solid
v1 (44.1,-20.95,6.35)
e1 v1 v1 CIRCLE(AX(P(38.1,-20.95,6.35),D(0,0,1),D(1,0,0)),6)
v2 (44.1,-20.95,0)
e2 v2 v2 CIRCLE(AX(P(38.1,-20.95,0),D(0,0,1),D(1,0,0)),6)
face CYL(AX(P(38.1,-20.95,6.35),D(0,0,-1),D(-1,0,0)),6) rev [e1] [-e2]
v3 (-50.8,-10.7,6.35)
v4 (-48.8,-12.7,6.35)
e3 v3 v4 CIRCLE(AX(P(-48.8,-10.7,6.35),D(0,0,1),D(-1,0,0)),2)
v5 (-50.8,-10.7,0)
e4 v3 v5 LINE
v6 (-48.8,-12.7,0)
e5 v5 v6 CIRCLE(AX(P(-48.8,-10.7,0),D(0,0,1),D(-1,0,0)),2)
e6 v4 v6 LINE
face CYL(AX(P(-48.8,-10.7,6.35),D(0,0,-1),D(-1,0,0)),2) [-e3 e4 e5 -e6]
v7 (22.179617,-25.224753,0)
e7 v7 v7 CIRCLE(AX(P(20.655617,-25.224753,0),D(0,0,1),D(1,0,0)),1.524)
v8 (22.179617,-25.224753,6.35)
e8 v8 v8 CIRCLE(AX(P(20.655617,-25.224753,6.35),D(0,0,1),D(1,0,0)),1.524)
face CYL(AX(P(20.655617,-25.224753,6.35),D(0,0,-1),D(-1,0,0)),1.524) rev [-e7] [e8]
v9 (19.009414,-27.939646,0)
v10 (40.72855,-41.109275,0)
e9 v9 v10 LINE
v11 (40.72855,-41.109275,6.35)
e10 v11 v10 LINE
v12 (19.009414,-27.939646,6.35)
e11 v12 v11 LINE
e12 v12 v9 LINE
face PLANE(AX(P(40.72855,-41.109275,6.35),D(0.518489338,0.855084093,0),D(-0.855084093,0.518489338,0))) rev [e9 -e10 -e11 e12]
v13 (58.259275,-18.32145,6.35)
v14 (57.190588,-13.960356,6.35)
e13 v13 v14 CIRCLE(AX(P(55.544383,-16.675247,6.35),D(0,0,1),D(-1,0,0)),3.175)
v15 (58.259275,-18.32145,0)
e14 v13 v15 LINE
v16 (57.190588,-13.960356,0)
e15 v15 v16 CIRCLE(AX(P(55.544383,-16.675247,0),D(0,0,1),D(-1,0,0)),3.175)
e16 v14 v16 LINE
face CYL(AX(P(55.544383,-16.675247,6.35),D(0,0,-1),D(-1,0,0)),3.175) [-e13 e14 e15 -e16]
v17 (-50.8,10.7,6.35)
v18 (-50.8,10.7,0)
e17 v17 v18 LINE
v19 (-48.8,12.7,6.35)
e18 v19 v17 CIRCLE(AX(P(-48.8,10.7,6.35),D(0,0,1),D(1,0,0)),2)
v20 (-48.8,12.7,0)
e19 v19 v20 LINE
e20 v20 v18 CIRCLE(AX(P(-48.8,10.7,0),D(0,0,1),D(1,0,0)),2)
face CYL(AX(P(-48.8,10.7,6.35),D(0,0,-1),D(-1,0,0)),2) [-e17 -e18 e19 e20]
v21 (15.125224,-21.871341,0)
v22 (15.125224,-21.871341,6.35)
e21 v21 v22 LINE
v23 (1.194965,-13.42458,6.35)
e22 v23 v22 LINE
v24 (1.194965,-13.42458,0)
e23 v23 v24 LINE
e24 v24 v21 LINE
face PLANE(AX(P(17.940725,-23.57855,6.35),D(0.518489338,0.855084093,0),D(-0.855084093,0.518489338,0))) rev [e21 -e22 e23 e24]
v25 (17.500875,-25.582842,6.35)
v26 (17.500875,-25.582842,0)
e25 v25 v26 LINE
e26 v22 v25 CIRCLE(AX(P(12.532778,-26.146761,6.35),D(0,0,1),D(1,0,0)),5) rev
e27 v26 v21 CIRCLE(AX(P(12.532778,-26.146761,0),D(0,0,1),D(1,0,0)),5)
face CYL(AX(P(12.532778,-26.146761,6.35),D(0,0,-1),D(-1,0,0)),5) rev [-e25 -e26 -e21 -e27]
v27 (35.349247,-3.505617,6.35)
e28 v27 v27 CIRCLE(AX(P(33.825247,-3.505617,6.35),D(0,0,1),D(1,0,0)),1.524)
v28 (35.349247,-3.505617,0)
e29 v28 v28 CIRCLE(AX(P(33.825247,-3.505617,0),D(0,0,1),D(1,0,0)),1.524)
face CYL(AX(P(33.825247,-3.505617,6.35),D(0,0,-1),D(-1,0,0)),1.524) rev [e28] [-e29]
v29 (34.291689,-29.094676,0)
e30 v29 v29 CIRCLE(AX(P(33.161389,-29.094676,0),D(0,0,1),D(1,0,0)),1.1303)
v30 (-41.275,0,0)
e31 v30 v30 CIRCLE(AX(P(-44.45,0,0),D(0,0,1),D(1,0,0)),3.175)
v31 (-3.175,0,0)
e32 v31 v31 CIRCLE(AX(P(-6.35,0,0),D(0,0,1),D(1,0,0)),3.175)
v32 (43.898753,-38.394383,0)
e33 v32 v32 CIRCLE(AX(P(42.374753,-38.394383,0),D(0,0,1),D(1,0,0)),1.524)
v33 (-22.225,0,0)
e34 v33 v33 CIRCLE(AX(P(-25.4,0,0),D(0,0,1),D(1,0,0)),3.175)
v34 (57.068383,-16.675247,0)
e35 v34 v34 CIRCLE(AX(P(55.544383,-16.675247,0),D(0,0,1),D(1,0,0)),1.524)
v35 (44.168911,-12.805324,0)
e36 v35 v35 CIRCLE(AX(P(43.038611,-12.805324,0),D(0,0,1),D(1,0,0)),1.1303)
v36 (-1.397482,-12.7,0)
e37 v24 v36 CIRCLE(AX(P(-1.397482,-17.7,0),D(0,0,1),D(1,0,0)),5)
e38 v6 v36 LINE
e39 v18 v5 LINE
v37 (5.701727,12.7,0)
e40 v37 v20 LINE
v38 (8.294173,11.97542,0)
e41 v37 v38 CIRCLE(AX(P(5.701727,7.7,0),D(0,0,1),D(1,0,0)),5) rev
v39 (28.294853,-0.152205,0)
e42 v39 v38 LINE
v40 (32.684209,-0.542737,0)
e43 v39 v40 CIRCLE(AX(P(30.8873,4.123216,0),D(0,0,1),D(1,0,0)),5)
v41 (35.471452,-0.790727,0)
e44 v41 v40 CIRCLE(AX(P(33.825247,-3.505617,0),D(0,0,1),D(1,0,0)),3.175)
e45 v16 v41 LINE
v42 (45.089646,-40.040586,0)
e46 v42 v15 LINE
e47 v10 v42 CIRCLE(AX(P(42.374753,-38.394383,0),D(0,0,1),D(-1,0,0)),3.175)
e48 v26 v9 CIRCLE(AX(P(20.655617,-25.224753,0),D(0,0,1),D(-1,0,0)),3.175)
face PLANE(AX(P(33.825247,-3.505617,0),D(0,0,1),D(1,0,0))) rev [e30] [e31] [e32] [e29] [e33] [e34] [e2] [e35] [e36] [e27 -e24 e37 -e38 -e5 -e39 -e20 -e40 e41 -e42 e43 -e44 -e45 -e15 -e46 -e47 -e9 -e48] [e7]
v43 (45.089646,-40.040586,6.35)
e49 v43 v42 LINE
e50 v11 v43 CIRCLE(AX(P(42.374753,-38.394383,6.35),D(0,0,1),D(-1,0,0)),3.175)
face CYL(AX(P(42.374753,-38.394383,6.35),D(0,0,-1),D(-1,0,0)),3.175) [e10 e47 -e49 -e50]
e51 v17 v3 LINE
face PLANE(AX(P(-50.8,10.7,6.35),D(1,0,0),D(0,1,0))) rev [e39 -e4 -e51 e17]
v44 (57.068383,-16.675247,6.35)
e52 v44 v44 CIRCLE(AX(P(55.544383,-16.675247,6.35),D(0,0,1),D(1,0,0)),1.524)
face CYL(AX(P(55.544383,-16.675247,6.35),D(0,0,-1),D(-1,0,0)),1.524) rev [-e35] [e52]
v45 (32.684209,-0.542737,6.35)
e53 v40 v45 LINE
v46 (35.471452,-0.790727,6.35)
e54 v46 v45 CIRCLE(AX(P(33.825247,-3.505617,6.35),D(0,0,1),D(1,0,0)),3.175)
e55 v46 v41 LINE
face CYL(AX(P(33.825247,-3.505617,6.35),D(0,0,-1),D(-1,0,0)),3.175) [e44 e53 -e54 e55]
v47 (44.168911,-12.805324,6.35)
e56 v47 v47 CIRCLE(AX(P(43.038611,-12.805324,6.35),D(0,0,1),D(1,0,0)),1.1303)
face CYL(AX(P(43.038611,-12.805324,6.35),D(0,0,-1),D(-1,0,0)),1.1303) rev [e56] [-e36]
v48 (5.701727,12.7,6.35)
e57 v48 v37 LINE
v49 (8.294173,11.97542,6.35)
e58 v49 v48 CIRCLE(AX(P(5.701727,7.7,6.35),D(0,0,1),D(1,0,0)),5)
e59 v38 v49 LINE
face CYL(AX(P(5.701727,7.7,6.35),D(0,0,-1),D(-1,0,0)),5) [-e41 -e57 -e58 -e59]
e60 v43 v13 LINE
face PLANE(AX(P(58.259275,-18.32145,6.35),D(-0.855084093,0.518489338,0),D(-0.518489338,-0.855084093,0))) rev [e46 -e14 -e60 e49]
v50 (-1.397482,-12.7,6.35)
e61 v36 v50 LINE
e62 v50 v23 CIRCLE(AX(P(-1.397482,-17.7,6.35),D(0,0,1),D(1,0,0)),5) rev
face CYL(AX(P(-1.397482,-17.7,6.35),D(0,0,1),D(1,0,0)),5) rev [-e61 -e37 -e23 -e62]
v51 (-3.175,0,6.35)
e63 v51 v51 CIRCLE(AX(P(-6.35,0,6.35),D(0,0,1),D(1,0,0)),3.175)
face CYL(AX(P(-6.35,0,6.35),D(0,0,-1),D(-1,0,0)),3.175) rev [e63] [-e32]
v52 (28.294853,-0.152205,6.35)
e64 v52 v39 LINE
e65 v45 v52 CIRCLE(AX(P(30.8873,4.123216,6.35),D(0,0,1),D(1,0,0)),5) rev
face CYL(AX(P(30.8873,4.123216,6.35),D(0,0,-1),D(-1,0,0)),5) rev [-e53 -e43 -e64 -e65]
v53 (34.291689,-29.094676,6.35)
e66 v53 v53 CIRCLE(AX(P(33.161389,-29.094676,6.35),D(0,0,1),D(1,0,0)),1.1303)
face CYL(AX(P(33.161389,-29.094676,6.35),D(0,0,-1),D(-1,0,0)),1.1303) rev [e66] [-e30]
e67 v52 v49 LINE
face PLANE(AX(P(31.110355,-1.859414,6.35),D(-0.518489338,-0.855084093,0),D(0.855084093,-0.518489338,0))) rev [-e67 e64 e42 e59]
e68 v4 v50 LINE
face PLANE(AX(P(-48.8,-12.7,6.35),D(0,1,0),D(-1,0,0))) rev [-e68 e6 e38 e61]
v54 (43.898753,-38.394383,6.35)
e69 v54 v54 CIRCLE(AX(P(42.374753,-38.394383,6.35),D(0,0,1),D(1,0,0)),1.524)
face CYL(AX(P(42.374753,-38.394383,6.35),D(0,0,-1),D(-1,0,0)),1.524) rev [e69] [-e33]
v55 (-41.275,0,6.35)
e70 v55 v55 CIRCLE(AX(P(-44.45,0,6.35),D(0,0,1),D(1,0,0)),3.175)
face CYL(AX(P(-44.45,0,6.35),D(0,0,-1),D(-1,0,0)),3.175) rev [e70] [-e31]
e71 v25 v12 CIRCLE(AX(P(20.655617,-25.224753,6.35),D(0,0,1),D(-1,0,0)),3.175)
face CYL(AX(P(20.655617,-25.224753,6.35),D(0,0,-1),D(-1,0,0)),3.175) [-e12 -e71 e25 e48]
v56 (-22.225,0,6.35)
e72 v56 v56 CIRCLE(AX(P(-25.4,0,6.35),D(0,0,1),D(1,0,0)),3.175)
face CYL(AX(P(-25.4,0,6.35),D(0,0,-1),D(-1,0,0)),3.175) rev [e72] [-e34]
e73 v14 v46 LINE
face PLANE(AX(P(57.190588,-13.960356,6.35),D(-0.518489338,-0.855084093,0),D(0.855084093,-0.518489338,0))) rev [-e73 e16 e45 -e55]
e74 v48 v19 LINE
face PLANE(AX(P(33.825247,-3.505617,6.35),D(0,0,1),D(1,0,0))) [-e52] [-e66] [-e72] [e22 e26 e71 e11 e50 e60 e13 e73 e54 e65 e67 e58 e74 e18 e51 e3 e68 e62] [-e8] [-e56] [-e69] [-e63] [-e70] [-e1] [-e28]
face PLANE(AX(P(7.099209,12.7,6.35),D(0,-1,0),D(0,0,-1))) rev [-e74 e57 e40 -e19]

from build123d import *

# Parameters (mm, degrees)
SKETCH1_R           = 6
SKETCH1_R_2         = 1.1303
SKETCH1_R_3         = 3.175
SKETCH1_R_4         = 1.524
BOSS_EXTRUDE1_DEPTH = 6.35
FILLET1_R           = 5


with BuildPart() as part:
    # Sketch1 → Boss-Extrude1 (new body)
    with BuildSketch(Plane.XY):
        with BuildLine():
            Line((-50.8, 10.7), (-50.8, -10.7))
            ThreePointArc((-50.8, -10.7), (-50.214213562, -12.114213562), (-48.8, -12.7))
            Line((-48.8, -12.7), (0, -12.7))
            Line((0, -12.7), (17.940725429, -23.578549747))
            ThreePointArc((17.940725429, -23.578549747), (17.571857186, -25.980430432), (19.009414234, -27.939645668))
            Line((19.009414234, -27.939645668), (40.728550204, -41.109274848))
            ThreePointArc((40.728550204, -41.109274848), (43.130430599, -41.478142773), (45.089645569, -40.040585929))
            Line((45.089645569, -40.040585929), (58.259274749, -18.321449959))
            ThreePointArc((58.259274749, -18.321449959), (58.628143126, -15.91957084), (57.1905883, -13.960355869))
            Line((57.1905883, -13.960355869), (35.47145233, -0.790726689))
            ThreePointArc((35.47145233, -0.790726689), (33.069571007, -0.421856833), (31.110354609, -1.859413778))
            Line((31.110354609, -1.859413778), (7.099208724, 12.7))
            Line((7.099208724, 12.7), (-48.8, 12.7))
            ThreePointArc((-48.8, 12.7), (-50.214213562, 12.114213562), (-50.8, 10.7))
        make_face()
        with Locations((38.1, -20.95)):
            Circle(SKETCH1_R, mode=Mode.SUBTRACT)
        with Locations((43.038610942, -12.805324011)):
            Circle(SKETCH1_R_2, mode=Mode.SUBTRACT)
        with Locations((33.161389058, -29.094675989)):
            Circle(SKETCH1_R_2, mode=Mode.SUBTRACT)
        with Locations((-6.35, 0)):
            Circle(SKETCH1_R_3, mode=Mode.SUBTRACT)
        with Locations((-25.4, 0)):
            Circle(SKETCH1_R_3, mode=Mode.SUBTRACT)
        with Locations((-44.45, 0)):
            Circle(SKETCH1_R_3, mode=Mode.SUBTRACT)
        with Locations((33.825246605, -3.505617425)):
            Circle(SKETCH1_R_4, mode=Mode.SUBTRACT)
        with Locations((20.655617425, -25.224753395)):
            Circle(SKETCH1_R_4, mode=Mode.SUBTRACT)
        with Locations((42.374753395, -38.394382575)):
            Circle(SKETCH1_R_4, mode=Mode.SUBTRACT)
        with Locations((55.544382575, -16.675246605)):
            Circle(SKETCH1_R_4, mode=Mode.SUBTRACT)
    extrude(amount=BOSS_EXTRUDE1_DEPTH)

    # Fillet1
    fillet1_edges = [part.edges().sort_by_distance(p)[0] for p in [
        (17.940725429, -23.578549747, 3.175),
        (0, -12.7, 3.175),
        (7.099208724, 12.7, 3.175),
        (31.110354609, -1.859413778, 3.175),
    ]]
    fillet(fillet1_edges, radius=FILLET1_R)


solid = part.part
